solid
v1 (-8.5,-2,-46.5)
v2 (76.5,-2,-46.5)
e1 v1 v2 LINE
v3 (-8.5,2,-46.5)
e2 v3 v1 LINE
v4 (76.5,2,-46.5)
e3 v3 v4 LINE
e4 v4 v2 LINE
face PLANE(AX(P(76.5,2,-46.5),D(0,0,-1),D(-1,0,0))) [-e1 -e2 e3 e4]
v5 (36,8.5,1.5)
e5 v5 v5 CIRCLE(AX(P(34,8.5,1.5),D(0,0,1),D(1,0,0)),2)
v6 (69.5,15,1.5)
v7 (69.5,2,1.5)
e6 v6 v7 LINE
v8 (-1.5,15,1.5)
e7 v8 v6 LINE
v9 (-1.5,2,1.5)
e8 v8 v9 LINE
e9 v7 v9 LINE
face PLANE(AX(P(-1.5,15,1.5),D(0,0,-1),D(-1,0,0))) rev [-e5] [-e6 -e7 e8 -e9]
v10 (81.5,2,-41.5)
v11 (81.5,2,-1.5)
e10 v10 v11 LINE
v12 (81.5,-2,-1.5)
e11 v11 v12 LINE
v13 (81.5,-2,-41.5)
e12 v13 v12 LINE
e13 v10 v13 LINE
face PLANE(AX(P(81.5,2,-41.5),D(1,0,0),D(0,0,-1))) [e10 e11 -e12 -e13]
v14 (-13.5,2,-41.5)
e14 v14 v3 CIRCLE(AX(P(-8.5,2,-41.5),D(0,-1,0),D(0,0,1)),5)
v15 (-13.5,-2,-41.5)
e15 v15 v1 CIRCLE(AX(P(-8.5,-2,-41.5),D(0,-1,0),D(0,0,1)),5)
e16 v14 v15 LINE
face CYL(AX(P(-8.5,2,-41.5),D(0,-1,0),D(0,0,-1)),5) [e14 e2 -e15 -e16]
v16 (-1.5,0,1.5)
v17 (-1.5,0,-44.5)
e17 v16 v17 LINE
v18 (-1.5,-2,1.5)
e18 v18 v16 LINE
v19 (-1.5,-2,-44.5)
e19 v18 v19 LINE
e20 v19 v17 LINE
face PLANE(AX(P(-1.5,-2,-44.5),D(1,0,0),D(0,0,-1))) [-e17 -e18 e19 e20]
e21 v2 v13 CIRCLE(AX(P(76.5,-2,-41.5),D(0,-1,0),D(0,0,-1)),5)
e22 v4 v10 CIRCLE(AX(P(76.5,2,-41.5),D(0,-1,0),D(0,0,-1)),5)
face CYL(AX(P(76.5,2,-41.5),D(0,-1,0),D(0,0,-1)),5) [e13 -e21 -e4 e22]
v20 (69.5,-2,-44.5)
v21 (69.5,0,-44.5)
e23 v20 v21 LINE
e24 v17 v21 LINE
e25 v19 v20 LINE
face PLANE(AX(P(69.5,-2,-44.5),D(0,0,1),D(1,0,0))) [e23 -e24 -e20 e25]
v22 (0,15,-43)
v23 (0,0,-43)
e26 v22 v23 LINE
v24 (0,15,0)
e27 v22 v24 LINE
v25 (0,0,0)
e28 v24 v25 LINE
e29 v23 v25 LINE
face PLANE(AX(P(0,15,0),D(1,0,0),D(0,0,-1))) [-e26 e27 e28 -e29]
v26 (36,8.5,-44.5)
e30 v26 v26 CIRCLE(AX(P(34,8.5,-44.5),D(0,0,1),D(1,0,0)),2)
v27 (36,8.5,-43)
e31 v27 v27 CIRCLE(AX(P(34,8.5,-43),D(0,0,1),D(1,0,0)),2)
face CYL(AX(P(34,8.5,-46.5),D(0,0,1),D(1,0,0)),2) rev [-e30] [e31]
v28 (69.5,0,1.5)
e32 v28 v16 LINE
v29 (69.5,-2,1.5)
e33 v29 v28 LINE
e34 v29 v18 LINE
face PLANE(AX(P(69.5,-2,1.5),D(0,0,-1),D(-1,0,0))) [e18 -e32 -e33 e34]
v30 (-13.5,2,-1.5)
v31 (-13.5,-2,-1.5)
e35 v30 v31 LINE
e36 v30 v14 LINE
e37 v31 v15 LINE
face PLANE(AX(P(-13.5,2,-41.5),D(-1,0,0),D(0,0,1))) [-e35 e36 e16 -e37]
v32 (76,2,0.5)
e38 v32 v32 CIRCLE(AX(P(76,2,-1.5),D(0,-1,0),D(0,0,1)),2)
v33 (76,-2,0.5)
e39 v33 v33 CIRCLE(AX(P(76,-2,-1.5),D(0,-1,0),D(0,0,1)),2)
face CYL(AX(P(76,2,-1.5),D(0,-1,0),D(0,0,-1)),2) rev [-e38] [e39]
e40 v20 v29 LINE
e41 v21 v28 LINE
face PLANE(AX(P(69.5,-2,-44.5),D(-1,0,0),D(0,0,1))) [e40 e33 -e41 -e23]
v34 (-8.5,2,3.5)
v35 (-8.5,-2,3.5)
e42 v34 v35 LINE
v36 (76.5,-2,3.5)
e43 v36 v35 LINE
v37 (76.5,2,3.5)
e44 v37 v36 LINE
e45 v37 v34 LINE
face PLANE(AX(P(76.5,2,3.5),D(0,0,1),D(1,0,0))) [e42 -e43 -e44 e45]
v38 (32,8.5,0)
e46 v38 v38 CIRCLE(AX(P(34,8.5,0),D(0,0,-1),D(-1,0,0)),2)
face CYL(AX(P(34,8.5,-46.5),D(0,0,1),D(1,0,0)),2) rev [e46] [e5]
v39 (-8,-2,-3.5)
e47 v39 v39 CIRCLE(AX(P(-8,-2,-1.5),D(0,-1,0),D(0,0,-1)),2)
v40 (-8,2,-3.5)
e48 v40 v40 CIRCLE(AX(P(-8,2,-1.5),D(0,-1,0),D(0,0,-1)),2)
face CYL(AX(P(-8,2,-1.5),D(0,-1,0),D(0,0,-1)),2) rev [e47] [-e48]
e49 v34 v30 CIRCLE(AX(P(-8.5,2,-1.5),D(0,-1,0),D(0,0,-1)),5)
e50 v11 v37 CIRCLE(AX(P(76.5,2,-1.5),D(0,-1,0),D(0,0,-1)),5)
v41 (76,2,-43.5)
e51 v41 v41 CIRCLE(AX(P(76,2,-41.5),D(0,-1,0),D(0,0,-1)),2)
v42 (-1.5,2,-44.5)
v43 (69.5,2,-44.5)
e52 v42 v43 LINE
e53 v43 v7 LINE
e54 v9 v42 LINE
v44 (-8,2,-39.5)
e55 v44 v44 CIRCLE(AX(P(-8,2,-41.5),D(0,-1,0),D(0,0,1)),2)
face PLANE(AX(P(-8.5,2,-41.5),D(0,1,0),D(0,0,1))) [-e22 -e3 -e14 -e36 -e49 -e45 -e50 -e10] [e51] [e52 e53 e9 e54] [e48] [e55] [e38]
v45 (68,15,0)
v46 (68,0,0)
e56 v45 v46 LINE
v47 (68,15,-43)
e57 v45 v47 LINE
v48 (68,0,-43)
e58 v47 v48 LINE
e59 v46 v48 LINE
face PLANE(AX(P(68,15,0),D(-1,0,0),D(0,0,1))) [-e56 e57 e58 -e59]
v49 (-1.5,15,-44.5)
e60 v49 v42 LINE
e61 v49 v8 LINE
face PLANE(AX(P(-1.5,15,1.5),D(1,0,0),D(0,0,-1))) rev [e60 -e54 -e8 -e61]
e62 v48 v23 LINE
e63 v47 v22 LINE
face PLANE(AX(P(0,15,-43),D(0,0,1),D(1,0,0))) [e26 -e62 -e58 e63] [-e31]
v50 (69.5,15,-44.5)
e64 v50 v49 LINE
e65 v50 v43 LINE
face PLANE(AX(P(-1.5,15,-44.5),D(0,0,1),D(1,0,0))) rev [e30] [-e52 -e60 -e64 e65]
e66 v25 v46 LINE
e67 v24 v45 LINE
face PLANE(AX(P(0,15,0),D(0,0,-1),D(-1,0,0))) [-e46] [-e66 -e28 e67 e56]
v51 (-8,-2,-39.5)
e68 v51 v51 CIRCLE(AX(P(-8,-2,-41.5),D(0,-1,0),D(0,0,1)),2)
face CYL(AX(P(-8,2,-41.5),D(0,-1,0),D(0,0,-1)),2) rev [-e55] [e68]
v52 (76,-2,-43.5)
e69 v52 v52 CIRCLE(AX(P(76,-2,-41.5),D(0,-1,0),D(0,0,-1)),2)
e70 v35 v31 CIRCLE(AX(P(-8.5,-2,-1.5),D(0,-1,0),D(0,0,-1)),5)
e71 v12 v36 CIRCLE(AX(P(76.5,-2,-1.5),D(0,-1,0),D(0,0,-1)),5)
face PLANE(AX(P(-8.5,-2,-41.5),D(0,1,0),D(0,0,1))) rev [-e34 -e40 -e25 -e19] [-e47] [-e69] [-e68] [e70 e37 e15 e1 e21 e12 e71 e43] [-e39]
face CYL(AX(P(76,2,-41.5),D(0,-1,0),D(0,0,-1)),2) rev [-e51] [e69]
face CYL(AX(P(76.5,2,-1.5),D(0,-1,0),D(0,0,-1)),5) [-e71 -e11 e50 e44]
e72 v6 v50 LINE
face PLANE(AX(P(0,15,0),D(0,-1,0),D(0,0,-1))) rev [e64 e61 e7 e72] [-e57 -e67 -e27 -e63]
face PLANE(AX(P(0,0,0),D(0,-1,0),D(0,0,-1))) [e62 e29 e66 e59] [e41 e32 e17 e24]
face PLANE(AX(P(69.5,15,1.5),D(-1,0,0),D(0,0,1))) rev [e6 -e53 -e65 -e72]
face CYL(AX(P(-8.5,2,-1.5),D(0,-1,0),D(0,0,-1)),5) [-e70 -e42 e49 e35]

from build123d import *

# Parameters (mm, degrees)
SKETCH_1_W          = 71
SKETCH_1_H          = 46
SKETCH_1_W_2        = 68
SKETCH_1_H_2        = 43
EXTRUDE_1_DEPTH     = 15
SKETCH_2_R          = 2
SKETCH_2_W          = 71
SKETCH_2_H          = 46
EXTRUDE_2_DEPTH     = 2
EXTRUDE_START       = 2
SKETCH_2_2_R        = 2
SKETCH_2_2_W        = 71
SKETCH_2_2_H        = 46
EXTRUDE_3_DEPTH     = 2
SKETCH_3_R          = 2
CUT_EXTRUDE_1_DEPTH = 96.766643462


with BuildPart() as part:
    # 草图1 → 凸台-拉伸1 (new body)
    with BuildSketch(Plane(origin=(0, 0, 0), x_dir=(1, 0, 0), z_dir=(0, 1, 0))):
        with Locations((34, 21.5)):
            Rectangle(SKETCH_1_W, SKETCH_1_H)
        with Locations((34, 21.5)):
            Rectangle(SKETCH_1_W_2, SKETCH_1_H_2, mode=Mode.SUBTRACT)
    extrude(amount=EXTRUDE_1_DEPTH)

    # 草图2 → 凸台-拉伸2 (add)
    with BuildSketch(Plane.XZ):
        with BuildLine():
            Line((76.5, -46.5), (-8.5, -46.5))
            ThreePointArc((-8.5, -46.5), (-12.035533906, -45.035533906), (-13.5, -41.5))
            Line((-13.5, -41.5), (-13.5, -1.5))
            ThreePointArc((-13.5, -1.5), (-12.035533906, 2.035533906), (-8.5, 3.5))
            Line((-8.5, 3.5), (76.5, 3.5))
            ThreePointArc((76.5, 3.5), (80.035533906, 2.035533906), (81.5, -1.5))
            Line((81.5, -1.5), (81.5, -41.5))
            ThreePointArc((81.5, -41.5), (80.035533906, -45.035533906), (76.5, -46.5))
        make_face()
        with Locations((76, -41.5)):
            Circle(SKETCH_2_R, mode=Mode.SUBTRACT)
        with Locations((76, -1.5)):
            Circle(SKETCH_2_R, mode=Mode.SUBTRACT)
        with Locations((-8, -1.5)):
            Circle(SKETCH_2_R, mode=Mode.SUBTRACT)
        with Locations((-8, -41.5)):
            Circle(SKETCH_2_R, mode=Mode.SUBTRACT)
        with Locations((34, -21.5)):
            Rectangle(SKETCH_2_W, SKETCH_2_H, mode=Mode.SUBTRACT)
    extrude(amount=-EXTRUDE_2_DEPTH)

    # 草图2<2> → 凸台-拉伸3 (add)
    with BuildSketch(Plane.XZ.offset(EXTRUDE_START)):
        with BuildLine():
            Line((76.5, -46.5), (-8.5, -46.5))
            ThreePointArc((-8.5, -46.5), (-12.035533906, -45.035533906), (-13.5, -41.5))
            Line((-13.5, -41.5), (-13.5, -1.5))
            ThreePointArc((-13.5, -1.5), (-12.035533906, 2.035533906), (-8.5, 3.5))
            Line((-8.5, 3.5), (76.5, 3.5))
            ThreePointArc((76.5, 3.5), (80.035533906, 2.035533906), (81.5, -1.5))
            Line((81.5, -1.5), (81.5, -41.5))
            ThreePointArc((81.5, -41.5), (80.035533906, -45.035533906), (76.5, -46.5))
        make_face()
        with Locations((76, -41.5)):
            Circle(SKETCH_2_2_R, mode=Mode.SUBTRACT)
        with Locations((76, -1.5)):
            Circle(SKETCH_2_2_R, mode=Mode.SUBTRACT)
        with Locations((-8, -1.5)):
            Circle(SKETCH_2_2_R, mode=Mode.SUBTRACT)
        with Locations((-8, -41.5)):
            Circle(SKETCH_2_2_R, mode=Mode.SUBTRACT)
        with Locations((34, -21.5)):
            Rectangle(SKETCH_2_2_W, SKETCH_2_2_H, mode=Mode.SUBTRACT)
    extrude(amount=-EXTRUDE_3_DEPTH)

    # 草图3 → 切除-拉伸1 (cut, through all)
    with BuildSketch(Plane.XY.offset(1.5)):
        with Locations((34, 8.5)):
            Circle(SKETCH_3_R)
    extrude(amount=-CUT_EXTRUDE_1_DEPTH, mode=Mode.SUBTRACT)


solid = part.part
